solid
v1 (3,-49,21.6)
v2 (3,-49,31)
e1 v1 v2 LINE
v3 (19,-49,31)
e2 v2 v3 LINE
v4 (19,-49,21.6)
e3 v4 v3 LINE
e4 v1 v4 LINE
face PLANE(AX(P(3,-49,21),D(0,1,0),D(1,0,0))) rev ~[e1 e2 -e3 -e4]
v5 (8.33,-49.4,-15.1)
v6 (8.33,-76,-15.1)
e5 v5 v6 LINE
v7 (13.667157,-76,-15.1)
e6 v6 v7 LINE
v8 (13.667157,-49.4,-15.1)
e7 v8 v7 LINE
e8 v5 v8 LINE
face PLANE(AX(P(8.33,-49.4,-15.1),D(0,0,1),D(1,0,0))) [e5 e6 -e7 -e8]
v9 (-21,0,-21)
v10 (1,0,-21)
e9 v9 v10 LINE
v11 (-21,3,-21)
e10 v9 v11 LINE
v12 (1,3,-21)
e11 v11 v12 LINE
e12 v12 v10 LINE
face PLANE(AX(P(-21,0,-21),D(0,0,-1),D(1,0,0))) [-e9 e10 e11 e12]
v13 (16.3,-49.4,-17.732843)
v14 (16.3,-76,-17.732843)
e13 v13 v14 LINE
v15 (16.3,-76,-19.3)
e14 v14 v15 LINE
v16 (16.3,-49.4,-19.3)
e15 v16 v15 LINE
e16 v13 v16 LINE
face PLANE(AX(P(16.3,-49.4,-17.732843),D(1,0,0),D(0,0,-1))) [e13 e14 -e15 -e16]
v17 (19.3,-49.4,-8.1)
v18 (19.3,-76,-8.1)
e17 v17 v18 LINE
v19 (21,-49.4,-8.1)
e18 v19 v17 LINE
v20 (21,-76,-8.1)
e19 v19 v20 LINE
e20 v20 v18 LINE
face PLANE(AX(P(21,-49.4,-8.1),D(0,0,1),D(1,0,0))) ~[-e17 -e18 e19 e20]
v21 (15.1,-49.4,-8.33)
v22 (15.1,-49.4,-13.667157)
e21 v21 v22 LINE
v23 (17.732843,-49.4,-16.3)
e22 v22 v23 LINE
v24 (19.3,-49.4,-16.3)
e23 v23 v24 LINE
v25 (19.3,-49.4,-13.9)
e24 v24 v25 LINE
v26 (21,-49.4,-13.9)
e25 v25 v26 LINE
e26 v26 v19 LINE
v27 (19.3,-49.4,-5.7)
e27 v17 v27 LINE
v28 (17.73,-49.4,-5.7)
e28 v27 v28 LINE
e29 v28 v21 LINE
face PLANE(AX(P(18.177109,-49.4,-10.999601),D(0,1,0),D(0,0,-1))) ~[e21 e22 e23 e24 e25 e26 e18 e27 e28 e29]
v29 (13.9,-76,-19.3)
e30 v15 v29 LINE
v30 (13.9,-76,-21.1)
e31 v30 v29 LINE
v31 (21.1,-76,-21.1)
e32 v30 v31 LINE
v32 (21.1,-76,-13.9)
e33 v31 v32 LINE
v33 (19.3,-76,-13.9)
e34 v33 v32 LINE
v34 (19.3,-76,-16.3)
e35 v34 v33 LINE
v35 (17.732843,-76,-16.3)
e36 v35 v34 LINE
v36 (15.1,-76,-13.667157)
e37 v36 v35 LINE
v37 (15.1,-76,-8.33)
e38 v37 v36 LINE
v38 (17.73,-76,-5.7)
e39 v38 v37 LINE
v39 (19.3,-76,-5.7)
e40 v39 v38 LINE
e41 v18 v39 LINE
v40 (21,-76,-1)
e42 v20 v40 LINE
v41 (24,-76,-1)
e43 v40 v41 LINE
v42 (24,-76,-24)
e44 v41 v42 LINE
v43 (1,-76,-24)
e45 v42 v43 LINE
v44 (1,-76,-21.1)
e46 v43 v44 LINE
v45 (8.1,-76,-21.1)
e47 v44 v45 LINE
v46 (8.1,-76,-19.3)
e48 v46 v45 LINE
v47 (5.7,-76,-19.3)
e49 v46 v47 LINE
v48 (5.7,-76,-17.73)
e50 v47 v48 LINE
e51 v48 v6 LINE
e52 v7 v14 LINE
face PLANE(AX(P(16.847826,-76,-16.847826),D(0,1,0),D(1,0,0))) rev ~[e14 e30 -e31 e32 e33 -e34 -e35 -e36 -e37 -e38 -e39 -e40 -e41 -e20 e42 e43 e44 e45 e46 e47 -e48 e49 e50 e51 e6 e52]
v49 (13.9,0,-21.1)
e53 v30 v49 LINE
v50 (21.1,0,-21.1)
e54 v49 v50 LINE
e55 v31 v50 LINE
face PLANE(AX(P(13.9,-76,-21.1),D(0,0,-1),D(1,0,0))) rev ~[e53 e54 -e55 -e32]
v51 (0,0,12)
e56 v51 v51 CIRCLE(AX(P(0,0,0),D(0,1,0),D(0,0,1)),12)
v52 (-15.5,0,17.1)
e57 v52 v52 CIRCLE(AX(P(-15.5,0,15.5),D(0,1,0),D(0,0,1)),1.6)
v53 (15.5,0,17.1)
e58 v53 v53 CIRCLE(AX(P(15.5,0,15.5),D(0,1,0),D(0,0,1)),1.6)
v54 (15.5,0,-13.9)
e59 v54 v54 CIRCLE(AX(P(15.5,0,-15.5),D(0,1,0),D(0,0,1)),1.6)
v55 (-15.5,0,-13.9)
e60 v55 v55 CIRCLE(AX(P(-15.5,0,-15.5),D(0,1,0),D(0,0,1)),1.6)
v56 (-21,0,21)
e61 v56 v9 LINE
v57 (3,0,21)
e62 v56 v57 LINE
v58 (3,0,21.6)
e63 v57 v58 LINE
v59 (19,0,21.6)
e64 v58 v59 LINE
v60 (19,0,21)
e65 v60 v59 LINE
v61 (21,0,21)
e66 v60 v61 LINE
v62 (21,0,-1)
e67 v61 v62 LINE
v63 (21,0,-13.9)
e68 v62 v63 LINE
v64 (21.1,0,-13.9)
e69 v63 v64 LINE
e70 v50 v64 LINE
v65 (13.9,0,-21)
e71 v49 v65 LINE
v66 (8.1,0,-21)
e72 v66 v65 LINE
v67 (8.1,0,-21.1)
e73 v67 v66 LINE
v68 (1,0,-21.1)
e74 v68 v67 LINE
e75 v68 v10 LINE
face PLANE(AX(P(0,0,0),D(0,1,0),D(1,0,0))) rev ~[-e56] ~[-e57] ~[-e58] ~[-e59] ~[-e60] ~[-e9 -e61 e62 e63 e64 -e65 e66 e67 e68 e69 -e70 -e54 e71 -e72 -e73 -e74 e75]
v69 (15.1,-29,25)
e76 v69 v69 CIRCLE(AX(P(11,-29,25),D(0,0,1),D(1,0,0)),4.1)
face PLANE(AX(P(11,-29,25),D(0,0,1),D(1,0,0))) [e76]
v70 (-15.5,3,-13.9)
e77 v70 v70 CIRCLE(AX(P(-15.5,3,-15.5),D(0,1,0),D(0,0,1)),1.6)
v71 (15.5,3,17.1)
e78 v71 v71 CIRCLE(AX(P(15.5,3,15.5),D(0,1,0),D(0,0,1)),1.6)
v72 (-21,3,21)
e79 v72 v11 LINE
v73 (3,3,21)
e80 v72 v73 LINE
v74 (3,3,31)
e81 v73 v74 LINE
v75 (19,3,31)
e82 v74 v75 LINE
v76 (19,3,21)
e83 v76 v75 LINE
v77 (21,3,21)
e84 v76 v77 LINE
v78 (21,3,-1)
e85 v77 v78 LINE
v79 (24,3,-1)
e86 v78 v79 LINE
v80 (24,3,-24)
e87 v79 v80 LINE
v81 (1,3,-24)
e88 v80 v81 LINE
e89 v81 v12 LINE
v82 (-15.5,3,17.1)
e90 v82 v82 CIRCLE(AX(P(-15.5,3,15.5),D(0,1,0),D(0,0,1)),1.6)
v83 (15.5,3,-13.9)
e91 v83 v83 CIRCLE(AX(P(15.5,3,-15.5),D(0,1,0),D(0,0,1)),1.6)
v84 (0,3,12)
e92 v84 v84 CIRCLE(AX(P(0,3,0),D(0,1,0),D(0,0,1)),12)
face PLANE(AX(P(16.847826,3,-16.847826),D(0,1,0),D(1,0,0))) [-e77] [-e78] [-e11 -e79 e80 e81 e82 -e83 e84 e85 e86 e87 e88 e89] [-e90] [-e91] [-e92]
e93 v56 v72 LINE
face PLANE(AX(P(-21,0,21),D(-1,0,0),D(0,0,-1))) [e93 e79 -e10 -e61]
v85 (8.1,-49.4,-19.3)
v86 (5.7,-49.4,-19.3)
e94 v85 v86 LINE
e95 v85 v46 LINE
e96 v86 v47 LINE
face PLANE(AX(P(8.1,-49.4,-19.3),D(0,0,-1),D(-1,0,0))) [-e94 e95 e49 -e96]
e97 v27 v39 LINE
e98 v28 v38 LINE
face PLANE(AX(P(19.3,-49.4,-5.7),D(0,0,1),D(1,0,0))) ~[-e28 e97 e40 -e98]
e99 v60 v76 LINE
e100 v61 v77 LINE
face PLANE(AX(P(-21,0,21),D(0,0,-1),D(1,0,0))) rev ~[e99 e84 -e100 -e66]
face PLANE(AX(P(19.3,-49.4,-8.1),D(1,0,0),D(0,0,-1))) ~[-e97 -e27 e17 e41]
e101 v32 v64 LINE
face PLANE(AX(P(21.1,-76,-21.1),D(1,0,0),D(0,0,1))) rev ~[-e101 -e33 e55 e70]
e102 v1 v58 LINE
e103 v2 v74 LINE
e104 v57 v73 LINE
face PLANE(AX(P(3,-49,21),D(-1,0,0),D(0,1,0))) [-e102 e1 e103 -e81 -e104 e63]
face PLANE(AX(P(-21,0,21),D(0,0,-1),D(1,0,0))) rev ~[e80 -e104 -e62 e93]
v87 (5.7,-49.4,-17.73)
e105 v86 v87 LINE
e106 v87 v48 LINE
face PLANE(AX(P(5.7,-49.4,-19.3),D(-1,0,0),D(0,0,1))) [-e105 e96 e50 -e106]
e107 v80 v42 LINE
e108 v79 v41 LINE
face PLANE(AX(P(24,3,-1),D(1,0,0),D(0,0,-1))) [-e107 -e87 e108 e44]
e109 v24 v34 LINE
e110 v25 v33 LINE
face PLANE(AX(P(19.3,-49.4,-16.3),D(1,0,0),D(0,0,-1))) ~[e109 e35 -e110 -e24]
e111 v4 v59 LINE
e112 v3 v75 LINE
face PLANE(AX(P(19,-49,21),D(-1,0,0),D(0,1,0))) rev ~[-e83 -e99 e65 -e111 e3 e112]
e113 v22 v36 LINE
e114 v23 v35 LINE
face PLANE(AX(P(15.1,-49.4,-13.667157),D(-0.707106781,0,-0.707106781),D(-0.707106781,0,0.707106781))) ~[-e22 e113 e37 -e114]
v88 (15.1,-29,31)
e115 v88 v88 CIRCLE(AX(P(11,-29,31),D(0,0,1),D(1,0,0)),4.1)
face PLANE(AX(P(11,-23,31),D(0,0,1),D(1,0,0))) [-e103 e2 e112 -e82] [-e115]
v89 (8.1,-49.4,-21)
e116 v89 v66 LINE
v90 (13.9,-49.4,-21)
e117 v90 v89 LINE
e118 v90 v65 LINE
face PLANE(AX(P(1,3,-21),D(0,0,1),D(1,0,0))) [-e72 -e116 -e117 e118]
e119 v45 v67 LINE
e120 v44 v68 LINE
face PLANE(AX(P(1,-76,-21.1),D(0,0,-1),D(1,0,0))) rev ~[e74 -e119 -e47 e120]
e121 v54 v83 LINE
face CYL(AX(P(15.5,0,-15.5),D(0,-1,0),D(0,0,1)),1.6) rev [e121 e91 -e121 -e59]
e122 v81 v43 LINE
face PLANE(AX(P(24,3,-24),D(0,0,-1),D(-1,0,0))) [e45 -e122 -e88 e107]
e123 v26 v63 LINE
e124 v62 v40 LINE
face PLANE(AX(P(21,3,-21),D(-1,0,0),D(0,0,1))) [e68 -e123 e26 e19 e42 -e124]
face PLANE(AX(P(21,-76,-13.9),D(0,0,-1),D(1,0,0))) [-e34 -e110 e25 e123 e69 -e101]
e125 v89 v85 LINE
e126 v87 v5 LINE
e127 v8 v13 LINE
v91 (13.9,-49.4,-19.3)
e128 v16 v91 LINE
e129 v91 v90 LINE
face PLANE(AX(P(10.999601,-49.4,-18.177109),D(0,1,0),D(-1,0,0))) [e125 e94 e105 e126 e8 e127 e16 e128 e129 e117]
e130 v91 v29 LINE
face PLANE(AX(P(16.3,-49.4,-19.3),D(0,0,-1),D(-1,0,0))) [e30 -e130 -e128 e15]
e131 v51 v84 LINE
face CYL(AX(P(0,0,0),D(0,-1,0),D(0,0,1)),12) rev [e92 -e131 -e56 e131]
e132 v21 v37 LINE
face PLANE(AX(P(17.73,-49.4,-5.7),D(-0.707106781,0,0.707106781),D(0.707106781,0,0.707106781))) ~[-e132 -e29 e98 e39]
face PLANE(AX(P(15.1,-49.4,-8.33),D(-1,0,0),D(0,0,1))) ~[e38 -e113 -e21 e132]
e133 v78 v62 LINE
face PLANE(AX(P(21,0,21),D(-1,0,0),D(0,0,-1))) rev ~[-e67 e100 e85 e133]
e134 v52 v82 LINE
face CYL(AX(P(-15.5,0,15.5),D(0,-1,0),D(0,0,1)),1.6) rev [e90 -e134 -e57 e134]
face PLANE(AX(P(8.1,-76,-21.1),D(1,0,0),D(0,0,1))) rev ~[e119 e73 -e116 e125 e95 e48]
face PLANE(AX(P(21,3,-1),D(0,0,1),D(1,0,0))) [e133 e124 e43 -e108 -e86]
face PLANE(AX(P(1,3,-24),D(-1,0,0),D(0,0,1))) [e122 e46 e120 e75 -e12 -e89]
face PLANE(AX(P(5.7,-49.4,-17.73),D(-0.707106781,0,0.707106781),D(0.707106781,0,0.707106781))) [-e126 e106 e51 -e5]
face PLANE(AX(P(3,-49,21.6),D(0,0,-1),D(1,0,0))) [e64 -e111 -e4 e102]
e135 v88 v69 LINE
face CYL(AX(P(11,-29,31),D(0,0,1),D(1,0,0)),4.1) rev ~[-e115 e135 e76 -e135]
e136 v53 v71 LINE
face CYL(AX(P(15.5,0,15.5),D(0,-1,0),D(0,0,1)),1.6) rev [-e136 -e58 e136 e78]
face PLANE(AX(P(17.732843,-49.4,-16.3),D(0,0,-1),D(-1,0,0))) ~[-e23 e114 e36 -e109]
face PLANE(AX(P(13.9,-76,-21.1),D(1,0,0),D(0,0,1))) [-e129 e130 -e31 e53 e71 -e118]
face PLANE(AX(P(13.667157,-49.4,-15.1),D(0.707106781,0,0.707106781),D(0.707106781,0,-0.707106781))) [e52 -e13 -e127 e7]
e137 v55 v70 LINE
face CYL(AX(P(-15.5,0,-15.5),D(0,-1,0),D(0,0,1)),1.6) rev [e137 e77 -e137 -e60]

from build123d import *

# Parameters (mm, degrees)
SKETCH_1_W          = 42
SKETCH_1_H          = 42
SKETCH_1_R          = 1.6
SKETCH_1_R_2        = 12
EXTRUDE_1_DEPTH     = 3
SKETCH_2_W          = 16
SKETCH_2_H          = 52
EXTRUDE_2_DEPTH     = 10
SKETCH_3_R          = 4.1
CUT_EXTRUDE_1_DEPTH = 6
EXTRUDE_3_DEPTH     = 79
SKETCH_7_W          = 16
SKETCH_7_H          = 0.6
CUT_EXTRUDE_4_DEPTH = 49
EXTRUDE_START       = 49.4
EXTRUDE_4_DEPTH     = 26.6
SKETCH_10_W         = 7.1
SKETCH_10_H         = 0.1
SKETCH_10_W_2       = 0.1
SKETCH_10_H_2       = 7.1
CUT_EXTRUDE_5_DEPTH = 76


with BuildPart() as part:
    # 草图1 → 凸台-拉伸1 (new body)
    with BuildSketch(Plane(origin=(0, 0, 0), x_dir=(1, 0, 0), z_dir=(0, 1, 0))):
        Rectangle(SKETCH_1_W, SKETCH_1_H)
        with Locations(Location((15.5, 15.5, 0), (0, 0, 270))):
            Circle(SKETCH_1_R, mode=Mode.SUBTRACT)
        with Locations(Location((15.5, -15.5, 0), (0, 0, 270))):
            Circle(SKETCH_1_R, mode=Mode.SUBTRACT)
        with Locations(Location((-15.5, -15.5, 0), (0, 0, 270))):
            Circle(SKETCH_1_R, mode=Mode.SUBTRACT)
        with Locations(Location((-15.5, 15.5, 0), (0, 0, 270))):
            Circle(SKETCH_1_R, mode=Mode.SUBTRACT)
        with Locations(Location((0, 0, 0), (0, 0, 270))):
            Circle(SKETCH_1_R_2, mode=Mode.SUBTRACT)
    extrude(amount=EXTRUDE_1_DEPTH)

    # 草图2 → 凸台-拉伸2 (add)
    with BuildSketch(Plane.XY.offset(21)):
        with Locations((11, -23)):
            Rectangle(SKETCH_2_W, SKETCH_2_H)
    extrude(amount=EXTRUDE_2_DEPTH)

    # 草图3 → 切除-拉伸1 (cut)
    with BuildSketch(Plane.XY.offset(31)):
        with Locations((11, -29)):
            Circle(SKETCH_3_R)
    extrude(amount=-CUT_EXTRUDE_1_DEPTH, mode=Mode.SUBTRACT)

    # 草图4 → 凸台-拉伸3 (add)
    with BuildSketch(Plane(origin=(0, 3, 0), x_dir=(1, 0, 0), z_dir=(0, 1, 0))):
        Polygon((1, 21), (21, 21), (21, 1), (24, 1), (24, 24), (1, 24), align=None)
    extrude(amount=-EXTRUDE_3_DEPTH)

    # 草图7 → 切除-拉伸4 (cut)
    with BuildSketch(Plane.XZ.offset(49)):
        with Locations((11, 21.3)):
            Rectangle(SKETCH_7_W, SKETCH_7_H)
    extrude(amount=-CUT_EXTRUDE_4_DEPTH, mode=Mode.SUBTRACT)

    # 草图9 → 凸台-拉伸4 (add)
    with BuildSketch(Plane.XZ.offset(EXTRUDE_START)):
        Polygon((8.33, -15.1), (13.667157288, -15.1), (16.3, -17.732842712), (16.3, -19.3), (13.9, -19.3), (13.9, -21), (8.1, -21), (8.1, -19.3), (5.7, -19.3), (5.7, -17.73), align=None)
    extrude_4 = extrude(amount=EXTRUDE_4_DEPTH)

    # 镜向1: 凸台-拉伸4 across plane
    add(extrude_4.mirror(Plane(origin=(0, 0, 0), x_dir=(-0.7071067811865475, 0, 0.7071067811865476), z_dir=(-0.7071067811865478, 0, -0.7071067811865474))))

    # 草图10 → 切除-拉伸5 (cut)
    with BuildSketch(Plane.XZ.offset(76)):
        with Locations((4.55, -21.05)):
            Rectangle(SKETCH_10_W, SKETCH_10_H)
        with Locations((17.45, -21.05)):
            Rectangle(SKETCH_10_W, SKETCH_10_H)
        with Locations((21.05, -21.05)):
            Rectangle(SKETCH_10_W_2, SKETCH_10_H)
        with Locations((21.05, -17.45)):
            Rectangle(SKETCH_10_W_2, SKETCH_10_H_2)
    extrude(amount=-CUT_EXTRUDE_5_DEPTH, mode=Mode.SUBTRACT)


solid = part.part
